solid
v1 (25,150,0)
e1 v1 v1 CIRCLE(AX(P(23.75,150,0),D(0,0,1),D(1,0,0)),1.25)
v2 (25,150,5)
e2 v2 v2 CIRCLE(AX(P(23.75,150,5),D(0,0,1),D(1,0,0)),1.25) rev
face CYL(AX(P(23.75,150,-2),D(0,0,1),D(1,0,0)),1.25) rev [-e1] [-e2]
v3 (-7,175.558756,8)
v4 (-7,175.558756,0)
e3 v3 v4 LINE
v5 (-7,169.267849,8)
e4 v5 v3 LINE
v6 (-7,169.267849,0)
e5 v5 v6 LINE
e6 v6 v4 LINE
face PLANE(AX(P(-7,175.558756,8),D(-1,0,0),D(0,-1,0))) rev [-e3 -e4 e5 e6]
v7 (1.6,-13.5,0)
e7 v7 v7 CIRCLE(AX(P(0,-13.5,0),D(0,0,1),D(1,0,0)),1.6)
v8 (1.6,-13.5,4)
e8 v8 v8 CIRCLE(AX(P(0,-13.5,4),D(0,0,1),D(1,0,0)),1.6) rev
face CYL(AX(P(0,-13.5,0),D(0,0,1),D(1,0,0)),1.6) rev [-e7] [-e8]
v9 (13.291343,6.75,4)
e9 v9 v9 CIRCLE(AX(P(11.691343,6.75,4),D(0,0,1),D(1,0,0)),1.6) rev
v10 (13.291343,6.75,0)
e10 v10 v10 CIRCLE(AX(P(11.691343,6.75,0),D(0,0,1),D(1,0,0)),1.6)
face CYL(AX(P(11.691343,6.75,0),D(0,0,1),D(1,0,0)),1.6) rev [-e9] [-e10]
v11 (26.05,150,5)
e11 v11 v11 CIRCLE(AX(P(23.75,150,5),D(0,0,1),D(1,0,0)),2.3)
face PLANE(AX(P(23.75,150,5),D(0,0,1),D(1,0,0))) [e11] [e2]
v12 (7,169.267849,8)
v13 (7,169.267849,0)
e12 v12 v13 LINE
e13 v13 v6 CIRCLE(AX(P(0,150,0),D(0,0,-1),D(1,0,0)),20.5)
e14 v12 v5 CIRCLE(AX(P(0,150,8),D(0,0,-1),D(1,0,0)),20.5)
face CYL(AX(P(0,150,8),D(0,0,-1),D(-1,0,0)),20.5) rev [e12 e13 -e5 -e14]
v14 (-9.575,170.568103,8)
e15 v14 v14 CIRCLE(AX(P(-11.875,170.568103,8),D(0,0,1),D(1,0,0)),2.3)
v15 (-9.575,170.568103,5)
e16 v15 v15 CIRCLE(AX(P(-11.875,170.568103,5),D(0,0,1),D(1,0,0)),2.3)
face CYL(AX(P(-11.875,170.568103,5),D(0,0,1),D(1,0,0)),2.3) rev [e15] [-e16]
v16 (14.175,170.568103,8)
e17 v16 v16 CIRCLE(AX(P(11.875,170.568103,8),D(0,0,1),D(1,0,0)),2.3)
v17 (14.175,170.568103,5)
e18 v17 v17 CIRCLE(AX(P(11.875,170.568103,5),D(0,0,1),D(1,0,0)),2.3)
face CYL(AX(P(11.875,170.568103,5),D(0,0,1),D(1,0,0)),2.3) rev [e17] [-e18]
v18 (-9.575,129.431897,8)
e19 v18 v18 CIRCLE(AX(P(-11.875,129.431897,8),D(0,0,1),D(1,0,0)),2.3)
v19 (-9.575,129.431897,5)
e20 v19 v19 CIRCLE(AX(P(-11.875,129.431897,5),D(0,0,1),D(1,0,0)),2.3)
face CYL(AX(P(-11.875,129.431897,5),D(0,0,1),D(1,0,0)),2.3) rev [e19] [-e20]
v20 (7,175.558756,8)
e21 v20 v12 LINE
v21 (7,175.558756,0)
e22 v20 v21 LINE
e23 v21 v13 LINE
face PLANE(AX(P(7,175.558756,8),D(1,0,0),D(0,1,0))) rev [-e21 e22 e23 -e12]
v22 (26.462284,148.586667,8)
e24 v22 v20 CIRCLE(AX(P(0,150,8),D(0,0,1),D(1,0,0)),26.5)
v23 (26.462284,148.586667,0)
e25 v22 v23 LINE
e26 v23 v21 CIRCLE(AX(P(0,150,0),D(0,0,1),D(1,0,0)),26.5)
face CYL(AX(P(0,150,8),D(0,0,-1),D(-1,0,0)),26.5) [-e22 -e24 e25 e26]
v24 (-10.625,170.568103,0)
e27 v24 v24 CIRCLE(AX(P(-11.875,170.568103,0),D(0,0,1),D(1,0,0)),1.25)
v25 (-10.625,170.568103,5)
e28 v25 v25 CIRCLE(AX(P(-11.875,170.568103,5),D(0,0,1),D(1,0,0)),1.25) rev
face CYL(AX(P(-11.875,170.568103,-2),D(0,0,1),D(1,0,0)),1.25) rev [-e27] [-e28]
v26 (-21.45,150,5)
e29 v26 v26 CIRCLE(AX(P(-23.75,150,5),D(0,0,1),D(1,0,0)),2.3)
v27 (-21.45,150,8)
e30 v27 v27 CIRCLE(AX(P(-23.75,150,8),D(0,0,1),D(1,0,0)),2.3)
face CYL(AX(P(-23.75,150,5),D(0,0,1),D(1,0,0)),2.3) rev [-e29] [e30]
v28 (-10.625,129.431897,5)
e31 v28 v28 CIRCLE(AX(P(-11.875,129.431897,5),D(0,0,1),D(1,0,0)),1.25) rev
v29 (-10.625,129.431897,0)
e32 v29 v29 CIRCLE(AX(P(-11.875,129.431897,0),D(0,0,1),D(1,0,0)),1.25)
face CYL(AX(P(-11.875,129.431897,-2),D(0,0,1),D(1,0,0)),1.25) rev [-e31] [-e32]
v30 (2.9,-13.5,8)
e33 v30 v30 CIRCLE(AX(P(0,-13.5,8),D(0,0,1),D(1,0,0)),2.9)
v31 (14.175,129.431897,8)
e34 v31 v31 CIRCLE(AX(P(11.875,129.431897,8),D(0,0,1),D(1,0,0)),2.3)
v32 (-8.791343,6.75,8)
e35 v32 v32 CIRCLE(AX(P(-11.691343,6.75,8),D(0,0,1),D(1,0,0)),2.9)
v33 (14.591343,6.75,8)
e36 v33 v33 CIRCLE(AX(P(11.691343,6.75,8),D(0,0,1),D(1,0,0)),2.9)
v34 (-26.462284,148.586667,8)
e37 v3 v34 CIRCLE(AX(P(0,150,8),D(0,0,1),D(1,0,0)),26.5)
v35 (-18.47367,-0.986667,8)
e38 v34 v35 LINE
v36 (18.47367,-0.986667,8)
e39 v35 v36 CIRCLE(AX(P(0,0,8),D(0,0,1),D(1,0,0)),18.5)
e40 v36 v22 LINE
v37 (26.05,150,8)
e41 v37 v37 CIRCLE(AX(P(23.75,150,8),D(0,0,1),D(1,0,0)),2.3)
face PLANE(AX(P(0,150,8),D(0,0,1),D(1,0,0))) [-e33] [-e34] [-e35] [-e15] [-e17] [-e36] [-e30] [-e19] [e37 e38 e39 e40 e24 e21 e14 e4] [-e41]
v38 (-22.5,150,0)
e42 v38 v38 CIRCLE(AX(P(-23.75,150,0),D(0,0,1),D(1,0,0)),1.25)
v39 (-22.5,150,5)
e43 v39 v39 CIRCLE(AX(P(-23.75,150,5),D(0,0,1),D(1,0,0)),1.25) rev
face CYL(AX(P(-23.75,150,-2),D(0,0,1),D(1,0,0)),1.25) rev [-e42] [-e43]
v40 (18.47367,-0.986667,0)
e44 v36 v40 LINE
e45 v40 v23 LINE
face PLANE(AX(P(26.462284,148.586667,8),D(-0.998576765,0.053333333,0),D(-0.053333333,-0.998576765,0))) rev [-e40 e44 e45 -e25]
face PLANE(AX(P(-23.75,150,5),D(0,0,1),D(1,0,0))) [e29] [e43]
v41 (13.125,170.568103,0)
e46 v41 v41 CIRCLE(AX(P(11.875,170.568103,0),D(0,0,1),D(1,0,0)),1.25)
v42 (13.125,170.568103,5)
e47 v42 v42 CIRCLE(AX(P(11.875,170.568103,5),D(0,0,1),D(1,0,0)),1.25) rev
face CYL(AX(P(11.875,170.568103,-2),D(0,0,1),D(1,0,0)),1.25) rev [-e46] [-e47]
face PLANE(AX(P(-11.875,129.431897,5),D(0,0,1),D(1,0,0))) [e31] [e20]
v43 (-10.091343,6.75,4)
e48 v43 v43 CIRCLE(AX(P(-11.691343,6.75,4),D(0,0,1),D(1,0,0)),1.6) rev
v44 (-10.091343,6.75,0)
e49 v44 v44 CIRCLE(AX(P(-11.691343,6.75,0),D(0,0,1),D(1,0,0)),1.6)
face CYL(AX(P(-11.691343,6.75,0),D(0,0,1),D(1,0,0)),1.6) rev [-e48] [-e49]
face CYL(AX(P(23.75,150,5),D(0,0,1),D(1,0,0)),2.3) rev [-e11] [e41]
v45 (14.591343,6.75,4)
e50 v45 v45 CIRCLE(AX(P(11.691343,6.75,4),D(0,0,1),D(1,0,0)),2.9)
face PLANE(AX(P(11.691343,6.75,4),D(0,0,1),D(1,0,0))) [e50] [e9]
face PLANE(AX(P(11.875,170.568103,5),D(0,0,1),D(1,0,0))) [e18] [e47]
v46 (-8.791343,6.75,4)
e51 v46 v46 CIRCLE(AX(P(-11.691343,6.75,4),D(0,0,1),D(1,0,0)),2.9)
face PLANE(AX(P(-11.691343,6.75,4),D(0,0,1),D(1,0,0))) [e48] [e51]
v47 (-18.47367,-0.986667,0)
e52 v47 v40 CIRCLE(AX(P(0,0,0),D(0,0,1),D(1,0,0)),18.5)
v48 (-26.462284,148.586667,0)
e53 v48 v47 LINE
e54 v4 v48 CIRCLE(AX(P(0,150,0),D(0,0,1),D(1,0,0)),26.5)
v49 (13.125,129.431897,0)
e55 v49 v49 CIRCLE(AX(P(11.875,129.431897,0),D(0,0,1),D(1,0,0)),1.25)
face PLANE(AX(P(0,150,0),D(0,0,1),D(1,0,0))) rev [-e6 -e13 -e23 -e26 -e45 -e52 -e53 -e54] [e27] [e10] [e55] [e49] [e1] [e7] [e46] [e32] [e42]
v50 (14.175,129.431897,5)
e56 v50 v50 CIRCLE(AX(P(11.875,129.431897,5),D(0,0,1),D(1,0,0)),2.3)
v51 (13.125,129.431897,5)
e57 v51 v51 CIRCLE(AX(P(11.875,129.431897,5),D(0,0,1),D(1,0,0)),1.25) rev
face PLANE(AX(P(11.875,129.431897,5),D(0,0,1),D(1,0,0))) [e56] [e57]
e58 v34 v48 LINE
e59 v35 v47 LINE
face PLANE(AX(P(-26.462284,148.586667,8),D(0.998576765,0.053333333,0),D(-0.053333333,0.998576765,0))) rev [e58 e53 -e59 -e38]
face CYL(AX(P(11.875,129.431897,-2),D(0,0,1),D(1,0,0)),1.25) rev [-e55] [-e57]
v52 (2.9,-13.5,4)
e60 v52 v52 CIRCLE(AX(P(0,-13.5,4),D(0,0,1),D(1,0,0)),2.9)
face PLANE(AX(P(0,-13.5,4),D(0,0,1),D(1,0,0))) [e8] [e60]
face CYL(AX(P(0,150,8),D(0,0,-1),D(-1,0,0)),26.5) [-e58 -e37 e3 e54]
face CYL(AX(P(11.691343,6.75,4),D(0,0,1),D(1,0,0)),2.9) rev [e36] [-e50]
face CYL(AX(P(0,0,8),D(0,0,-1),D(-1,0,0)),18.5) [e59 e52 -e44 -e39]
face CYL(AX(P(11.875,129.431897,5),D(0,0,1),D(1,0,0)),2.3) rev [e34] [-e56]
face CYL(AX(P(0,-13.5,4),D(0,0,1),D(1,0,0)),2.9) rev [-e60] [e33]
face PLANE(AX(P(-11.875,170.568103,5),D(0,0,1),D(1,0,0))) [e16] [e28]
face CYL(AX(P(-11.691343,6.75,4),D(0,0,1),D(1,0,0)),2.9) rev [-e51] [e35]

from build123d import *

# Parameters (mm, degrees)
BOSS_EXTRUDE1_DEPTH = 8
SKETCH7_R           = 1.6
CUT_EXTRUDE2_DEPTH  = 8
SKETCH12_R          = 1.25
CUT_EXTRUDE6_DEPTH  = 10
SKETCH13_R          = 2.9
CUT_EXTRUDE7_DEPTH  = 4
SKETCH14_R          = 2.3
CUT_EXTRUDE8_DEPTH  = 3


with BuildPart() as part:
    # Sketch4 → Boss-Extrude1 (new body)
    with BuildSketch(Plane.XY):
        with BuildLine():
            Line((-26.462284272, 148.586666667), (-18.473670152, -0.986666667))
            ThreePointArc((-18.473670152, -0.986666667), (0, -18.5), (18.473670152, -0.986666667))
            Line((18.473670152, -0.986666667), (26.462284272, 148.586666667))
            ThreePointArc((26.462284272, 148.586666667), (21.489637404, 165.506304662), (7, 175.558755838))
            Line((7, 175.558755838), (7, 169.267848868))
            ThreePointArc((7, 169.267848868), (0, 129.5), (-7, 169.267848868))
            Line((-7, 169.267848868), (-7, 175.558755838))
            ThreePointArc((-7, 175.558755838), (-21.489637404, 165.506304662), (-26.462284272, 148.586666667))
        make_face()
    extrude(amount=BOSS_EXTRUDE1_DEPTH)

    # Sketch7 → Cut-Extrude2 (cut)
    with BuildSketch(Plane.XY.offset(8)):
        with Locations((0, -13.5)):
            Circle(SKETCH7_R)
        with Locations((-11.691342951, 6.75)):
            Circle(SKETCH7_R)
        with Locations((11.691342951, 6.75)):
            Circle(SKETCH7_R)
    extrude(amount=-CUT_EXTRUDE2_DEPTH, mode=Mode.SUBTRACT)

    # Sketch12 → Cut-Extrude6 (cut)
    with BuildSketch(Plane.XY.offset(8)):
        with Locations((23.75, 150)):
            Circle(SKETCH12_R)
        with Locations((11.875, 129.43189666)):
            Circle(SKETCH12_R)
        with Locations((-11.875, 129.43189666)):
            Circle(SKETCH12_R)
        with Locations((-23.75, 150)):
            Circle(SKETCH12_R)
        with Locations((-11.875, 170.56810334)):
            Circle(SKETCH12_R)
        with Locations((11.875, 170.56810334)):
            Circle(SKETCH12_R)
    extrude(amount=-CUT_EXTRUDE6_DEPTH, mode=Mode.SUBTRACT)

    # Sketch13 → Cut-Extrude7 (cut)
    with BuildSketch(Plane.XY.offset(8)):
        with Locations((-11.691342951, 6.75)):
            Circle(SKETCH13_R)
        with Locations((11.691342951, 6.75)):
            Circle(SKETCH13_R)
        with Locations((0, -13.5)):
            Circle(SKETCH13_R)
    extrude(amount=-CUT_EXTRUDE7_DEPTH, mode=Mode.SUBTRACT)

    # Sketch14 → Cut-Extrude8 (cut)
    with BuildSketch(Plane.XY.offset(8)):
        with Locations((23.75, 150)):
            Circle(SKETCH14_R)
        with Locations((11.875, 129.43189666)):
            Circle(SKETCH14_R)
        with Locations((-11.875, 129.43189666)):
            Circle(SKETCH14_R)
        with Locations((-23.75, 150)):
            Circle(SKETCH14_R)
        with Locations((-11.875, 170.56810334)):
            Circle(SKETCH14_R)
        with Locations((11.875, 170.56810334)):
            Circle(SKETCH14_R)
    extrude(amount=-CUT_EXTRUDE8_DEPTH, mode=Mode.SUBTRACT)


solid = part.part
